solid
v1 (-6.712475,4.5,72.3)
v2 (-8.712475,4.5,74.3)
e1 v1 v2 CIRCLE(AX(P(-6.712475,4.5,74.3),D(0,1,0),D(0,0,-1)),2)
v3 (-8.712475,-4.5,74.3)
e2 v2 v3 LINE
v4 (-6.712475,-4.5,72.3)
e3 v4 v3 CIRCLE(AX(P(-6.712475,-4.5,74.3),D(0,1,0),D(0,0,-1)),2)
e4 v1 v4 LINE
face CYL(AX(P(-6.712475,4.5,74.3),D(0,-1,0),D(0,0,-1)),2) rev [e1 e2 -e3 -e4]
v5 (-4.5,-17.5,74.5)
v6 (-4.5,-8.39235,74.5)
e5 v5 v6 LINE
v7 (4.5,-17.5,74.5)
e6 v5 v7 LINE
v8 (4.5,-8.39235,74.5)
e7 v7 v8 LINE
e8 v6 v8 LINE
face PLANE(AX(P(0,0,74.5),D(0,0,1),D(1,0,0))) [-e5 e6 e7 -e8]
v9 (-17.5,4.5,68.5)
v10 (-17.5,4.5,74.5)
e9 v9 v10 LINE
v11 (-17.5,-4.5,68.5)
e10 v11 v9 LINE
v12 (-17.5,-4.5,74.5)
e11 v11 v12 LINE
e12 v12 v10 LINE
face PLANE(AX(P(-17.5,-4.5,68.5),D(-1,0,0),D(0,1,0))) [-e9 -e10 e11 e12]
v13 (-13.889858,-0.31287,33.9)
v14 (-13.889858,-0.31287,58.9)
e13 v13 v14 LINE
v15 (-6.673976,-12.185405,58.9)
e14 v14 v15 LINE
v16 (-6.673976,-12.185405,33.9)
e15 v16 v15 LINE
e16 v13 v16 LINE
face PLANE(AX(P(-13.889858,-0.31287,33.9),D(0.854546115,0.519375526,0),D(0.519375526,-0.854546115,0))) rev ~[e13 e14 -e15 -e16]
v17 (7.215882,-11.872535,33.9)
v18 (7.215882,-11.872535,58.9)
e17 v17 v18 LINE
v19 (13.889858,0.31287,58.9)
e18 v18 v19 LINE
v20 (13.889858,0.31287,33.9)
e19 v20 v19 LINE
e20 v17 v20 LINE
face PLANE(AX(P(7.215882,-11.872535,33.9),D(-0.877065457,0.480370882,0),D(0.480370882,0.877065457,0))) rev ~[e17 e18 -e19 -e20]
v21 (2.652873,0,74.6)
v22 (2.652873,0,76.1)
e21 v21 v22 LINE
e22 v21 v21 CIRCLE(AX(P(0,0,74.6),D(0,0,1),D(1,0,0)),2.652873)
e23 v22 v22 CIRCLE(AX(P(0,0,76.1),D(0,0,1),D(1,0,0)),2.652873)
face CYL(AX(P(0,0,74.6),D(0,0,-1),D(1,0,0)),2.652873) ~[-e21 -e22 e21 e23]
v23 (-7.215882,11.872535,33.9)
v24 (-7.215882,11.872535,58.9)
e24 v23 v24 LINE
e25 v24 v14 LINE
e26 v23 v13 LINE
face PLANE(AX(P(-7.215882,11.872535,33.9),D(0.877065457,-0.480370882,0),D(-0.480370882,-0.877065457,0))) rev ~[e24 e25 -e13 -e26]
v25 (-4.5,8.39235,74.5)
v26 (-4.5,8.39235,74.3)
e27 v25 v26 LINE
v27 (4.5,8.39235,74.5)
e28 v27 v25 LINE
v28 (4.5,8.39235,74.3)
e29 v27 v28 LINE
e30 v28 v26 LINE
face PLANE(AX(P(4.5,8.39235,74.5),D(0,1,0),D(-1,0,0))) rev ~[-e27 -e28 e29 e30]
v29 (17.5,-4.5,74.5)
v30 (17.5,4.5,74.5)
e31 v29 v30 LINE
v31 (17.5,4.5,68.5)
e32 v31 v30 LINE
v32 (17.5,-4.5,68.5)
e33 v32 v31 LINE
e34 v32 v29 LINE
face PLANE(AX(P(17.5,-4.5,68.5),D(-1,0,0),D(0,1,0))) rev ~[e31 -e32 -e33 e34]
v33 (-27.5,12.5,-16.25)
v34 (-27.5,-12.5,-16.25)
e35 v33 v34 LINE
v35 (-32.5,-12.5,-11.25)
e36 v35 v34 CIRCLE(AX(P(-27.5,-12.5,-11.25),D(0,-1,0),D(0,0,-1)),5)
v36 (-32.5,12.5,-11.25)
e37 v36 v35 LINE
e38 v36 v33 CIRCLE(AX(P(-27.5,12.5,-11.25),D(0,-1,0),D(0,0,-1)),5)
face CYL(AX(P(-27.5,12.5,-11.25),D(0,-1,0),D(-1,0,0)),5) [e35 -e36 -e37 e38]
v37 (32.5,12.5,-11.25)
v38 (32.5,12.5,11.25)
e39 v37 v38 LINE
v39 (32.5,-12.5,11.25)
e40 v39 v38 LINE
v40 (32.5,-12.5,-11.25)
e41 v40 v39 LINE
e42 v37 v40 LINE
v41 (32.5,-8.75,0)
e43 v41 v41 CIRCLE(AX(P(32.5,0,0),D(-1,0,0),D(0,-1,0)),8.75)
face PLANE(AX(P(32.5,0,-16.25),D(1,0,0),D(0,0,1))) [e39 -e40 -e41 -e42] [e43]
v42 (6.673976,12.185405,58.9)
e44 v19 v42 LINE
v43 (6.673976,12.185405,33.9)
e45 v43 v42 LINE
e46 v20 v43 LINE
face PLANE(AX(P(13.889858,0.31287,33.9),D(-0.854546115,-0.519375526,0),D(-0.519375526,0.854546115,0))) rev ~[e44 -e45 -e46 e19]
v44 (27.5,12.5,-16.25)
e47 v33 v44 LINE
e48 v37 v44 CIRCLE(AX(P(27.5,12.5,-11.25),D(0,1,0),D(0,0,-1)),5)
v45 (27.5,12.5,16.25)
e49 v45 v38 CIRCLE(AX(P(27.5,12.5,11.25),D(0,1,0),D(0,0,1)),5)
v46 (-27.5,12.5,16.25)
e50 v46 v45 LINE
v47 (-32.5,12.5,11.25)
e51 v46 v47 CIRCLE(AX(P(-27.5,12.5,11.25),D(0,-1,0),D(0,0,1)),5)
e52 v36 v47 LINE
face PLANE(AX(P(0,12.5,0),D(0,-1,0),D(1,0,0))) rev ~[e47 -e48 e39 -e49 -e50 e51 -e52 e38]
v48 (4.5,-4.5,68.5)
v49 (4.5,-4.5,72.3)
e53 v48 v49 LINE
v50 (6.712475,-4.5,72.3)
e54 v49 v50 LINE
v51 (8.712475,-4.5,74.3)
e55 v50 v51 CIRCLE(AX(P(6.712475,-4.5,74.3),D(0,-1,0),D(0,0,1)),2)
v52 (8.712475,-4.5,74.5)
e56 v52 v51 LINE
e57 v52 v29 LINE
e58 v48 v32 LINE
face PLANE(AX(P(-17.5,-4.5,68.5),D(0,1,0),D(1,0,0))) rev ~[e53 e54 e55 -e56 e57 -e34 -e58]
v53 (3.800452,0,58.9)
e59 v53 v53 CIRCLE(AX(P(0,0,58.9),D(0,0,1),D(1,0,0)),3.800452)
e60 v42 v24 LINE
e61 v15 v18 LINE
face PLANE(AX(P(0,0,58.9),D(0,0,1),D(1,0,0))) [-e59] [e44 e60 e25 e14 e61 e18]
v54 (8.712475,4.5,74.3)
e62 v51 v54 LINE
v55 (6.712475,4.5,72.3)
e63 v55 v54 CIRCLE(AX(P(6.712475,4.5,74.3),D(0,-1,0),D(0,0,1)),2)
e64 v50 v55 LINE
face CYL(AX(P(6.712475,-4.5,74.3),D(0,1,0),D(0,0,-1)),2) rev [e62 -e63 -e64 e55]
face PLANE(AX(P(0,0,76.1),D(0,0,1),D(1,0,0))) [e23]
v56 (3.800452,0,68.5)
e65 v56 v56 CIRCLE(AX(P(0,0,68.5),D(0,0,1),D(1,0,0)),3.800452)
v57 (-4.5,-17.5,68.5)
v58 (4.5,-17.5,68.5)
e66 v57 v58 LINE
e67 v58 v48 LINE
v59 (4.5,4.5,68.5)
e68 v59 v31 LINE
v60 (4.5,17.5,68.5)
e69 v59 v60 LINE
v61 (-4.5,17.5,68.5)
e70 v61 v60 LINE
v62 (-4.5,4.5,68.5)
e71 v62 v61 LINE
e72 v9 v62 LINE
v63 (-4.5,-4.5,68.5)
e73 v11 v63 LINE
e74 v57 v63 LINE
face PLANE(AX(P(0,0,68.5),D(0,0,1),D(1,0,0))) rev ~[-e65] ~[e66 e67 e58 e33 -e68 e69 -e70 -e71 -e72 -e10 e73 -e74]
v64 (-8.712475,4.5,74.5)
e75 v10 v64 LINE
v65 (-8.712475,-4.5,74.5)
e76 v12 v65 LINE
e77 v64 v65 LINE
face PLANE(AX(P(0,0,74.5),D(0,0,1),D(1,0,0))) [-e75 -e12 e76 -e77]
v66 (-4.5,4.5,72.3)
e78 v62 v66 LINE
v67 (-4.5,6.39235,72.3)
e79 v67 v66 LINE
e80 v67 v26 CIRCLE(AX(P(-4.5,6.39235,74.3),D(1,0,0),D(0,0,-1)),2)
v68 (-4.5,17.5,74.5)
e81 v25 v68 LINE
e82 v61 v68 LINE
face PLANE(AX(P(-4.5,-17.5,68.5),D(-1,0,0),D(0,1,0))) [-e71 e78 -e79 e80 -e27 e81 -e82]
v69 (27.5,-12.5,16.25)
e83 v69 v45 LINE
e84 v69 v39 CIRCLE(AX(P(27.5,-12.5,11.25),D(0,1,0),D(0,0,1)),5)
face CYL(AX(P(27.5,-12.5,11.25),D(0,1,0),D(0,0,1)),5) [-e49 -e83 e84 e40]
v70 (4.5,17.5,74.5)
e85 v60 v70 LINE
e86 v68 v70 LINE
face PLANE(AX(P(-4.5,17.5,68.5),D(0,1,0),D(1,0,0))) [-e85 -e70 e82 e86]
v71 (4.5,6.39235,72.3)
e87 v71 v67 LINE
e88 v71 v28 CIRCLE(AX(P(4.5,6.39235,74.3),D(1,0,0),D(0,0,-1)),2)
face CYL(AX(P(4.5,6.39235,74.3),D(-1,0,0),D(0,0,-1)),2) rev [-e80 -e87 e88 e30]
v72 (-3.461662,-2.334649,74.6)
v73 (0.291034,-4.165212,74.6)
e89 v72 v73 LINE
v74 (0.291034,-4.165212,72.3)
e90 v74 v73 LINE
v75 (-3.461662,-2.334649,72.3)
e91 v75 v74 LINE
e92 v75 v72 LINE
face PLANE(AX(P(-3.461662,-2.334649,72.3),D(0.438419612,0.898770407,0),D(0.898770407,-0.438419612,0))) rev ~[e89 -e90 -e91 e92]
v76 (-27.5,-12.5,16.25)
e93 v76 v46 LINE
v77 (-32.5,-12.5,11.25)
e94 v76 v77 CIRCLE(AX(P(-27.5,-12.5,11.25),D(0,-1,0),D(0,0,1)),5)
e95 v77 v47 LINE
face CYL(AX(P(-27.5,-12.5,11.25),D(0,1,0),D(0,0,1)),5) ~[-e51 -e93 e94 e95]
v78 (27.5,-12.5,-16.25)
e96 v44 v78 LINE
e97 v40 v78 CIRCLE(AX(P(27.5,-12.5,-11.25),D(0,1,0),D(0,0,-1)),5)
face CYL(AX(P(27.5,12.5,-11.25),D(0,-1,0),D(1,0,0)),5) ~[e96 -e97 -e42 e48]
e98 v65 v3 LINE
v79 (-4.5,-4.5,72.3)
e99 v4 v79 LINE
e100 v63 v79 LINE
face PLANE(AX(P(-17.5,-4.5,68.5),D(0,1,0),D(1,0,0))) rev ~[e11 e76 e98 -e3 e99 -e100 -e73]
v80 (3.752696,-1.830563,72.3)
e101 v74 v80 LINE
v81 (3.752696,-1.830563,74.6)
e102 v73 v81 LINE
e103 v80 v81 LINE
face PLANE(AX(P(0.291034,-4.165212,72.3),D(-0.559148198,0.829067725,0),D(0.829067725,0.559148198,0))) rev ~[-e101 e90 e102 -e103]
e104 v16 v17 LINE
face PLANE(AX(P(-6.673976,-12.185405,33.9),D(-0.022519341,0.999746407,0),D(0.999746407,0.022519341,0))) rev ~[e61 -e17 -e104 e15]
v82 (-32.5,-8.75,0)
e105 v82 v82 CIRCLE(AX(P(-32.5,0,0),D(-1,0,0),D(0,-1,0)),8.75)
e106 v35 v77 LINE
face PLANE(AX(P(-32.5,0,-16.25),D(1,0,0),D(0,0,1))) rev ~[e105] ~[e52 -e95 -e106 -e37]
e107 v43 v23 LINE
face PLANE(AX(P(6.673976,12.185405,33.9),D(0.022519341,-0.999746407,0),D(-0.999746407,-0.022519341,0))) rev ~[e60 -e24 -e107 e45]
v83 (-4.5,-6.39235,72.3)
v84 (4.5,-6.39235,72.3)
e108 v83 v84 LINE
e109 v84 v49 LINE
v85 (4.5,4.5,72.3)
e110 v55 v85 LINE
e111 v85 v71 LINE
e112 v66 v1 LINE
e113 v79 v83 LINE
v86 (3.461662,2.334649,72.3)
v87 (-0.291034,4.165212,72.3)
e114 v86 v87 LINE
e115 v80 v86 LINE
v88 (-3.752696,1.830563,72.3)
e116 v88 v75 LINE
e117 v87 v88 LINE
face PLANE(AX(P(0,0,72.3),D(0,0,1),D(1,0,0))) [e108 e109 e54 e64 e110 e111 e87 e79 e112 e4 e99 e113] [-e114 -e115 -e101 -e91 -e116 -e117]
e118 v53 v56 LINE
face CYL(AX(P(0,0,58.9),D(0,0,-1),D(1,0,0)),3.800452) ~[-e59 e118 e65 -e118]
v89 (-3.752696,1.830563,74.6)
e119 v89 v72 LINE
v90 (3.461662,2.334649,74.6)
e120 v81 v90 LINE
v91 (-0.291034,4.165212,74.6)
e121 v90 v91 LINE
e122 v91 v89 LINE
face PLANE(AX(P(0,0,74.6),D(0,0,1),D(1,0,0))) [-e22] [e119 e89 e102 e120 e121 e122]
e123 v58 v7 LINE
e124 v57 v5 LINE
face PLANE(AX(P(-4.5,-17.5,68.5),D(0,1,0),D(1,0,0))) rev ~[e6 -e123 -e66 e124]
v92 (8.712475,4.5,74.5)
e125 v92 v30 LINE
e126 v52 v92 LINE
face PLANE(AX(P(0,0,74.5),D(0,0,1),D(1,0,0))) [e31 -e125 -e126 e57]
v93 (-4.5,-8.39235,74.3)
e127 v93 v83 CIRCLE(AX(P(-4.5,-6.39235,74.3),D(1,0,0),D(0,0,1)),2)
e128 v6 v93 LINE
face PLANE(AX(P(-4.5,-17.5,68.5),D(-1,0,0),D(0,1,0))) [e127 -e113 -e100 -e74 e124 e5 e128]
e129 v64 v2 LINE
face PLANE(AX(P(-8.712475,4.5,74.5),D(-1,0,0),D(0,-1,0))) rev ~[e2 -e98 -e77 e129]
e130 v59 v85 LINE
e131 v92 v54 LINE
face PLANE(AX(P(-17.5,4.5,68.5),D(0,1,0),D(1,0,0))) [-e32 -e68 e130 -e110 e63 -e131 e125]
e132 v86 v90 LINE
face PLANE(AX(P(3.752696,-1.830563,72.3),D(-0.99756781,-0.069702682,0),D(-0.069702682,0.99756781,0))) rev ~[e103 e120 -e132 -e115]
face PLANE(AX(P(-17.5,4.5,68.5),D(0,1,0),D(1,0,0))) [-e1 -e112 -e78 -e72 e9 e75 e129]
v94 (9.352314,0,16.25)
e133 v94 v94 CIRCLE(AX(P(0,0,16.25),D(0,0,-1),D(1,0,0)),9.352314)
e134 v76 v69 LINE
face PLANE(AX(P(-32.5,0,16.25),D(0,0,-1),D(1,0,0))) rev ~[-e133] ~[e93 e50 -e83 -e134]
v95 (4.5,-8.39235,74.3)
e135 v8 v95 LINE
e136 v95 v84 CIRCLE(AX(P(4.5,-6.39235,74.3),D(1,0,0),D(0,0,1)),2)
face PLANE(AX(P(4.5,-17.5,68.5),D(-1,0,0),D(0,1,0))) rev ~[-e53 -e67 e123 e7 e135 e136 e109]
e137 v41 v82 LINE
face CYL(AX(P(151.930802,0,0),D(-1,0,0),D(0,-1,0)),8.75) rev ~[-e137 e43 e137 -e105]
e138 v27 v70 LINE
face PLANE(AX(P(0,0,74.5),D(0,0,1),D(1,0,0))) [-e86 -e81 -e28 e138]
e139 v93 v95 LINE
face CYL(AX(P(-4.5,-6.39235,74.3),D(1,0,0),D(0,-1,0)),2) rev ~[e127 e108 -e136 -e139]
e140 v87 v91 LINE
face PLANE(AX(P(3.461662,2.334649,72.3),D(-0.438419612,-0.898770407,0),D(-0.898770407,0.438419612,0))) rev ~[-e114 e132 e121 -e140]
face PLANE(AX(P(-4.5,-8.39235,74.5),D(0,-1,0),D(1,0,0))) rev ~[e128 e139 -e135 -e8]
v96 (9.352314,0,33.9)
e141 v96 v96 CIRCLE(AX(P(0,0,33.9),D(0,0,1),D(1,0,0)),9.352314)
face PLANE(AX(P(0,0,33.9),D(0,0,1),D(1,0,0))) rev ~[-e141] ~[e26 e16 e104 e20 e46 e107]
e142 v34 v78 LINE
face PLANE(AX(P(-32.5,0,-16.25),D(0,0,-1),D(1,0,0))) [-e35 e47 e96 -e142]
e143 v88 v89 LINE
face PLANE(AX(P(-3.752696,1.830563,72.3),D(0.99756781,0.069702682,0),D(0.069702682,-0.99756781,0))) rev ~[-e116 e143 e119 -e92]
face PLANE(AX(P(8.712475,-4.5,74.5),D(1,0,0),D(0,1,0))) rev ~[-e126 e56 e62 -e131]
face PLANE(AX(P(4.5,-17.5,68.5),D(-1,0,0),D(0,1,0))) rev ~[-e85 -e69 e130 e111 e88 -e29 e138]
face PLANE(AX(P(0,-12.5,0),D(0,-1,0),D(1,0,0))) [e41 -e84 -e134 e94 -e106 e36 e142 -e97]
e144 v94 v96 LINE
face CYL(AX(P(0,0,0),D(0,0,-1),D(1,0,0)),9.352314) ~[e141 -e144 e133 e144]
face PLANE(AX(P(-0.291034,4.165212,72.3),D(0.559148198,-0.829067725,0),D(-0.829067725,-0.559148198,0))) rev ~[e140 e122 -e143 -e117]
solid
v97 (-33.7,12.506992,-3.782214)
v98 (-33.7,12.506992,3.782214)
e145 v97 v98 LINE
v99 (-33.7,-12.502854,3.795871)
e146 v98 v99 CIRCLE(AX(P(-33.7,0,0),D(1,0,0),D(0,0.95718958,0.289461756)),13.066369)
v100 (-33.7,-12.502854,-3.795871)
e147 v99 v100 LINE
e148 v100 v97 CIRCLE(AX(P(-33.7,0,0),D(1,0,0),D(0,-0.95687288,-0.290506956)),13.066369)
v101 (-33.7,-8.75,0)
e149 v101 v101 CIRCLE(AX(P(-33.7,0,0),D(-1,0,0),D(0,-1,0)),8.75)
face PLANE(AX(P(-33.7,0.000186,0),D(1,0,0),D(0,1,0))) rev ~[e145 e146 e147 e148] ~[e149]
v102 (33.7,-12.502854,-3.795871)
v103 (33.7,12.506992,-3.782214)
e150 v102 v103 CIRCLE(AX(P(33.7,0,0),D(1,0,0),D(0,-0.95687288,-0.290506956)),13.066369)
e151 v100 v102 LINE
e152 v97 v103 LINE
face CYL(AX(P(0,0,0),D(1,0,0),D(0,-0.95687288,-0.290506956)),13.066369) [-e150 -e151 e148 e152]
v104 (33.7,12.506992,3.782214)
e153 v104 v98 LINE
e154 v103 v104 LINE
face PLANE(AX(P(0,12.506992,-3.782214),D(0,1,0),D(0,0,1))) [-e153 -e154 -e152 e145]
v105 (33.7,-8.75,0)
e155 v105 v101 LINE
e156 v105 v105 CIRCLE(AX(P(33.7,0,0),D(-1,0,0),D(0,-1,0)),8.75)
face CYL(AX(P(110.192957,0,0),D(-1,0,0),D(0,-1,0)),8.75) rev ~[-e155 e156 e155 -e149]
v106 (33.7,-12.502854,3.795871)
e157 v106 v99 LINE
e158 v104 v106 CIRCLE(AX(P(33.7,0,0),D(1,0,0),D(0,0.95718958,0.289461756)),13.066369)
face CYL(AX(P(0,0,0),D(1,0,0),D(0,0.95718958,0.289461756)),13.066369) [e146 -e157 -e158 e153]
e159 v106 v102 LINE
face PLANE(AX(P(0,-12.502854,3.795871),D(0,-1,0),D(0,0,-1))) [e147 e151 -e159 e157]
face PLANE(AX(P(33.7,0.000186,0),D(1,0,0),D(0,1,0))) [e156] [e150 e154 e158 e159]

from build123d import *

# Parameters (mm, degrees)
F0_W      = 65
F0_H      = 32.5
F1_DEPTH  = 12.5
F2_R      = 9.3523138159
F3_DEPTH  = 33.9
F4_R      = 5
F6_DEPTH  = 25
F7_R      = 3.8004519978
F8_DEPTH  = 9.6
F10_W     = 35
F10_H     = 9
F10_R     = 3.8004519978
F11_DEPTH = 6
F9_W      = 9
F9_H      = 35
F9_R      = 3.8004519978
F12_DEPTH = 6
F13_R     = 3.8004519978
F14_DEPTH = 15.4
F16_DEPTH = 2.2
F17_R     = 2
F19_DEPTH = 2.3
F20_R     = 2.6528725425
F21_DEPTH = 1.5
F23_DEPTH = 33.7
F25_D     = 17.5
F25_2_D   = 17.5


with BuildPart() as f1:
    # F0 (on Front) → F1 (new body, symmetric)
    with BuildSketch(Plane.XZ):
        Rectangle(F0_W, F0_H)
    extrude(amount=F1_DEPTH, both=True)

    # F2 (on Top) → F3 (join)
    with BuildSketch(Plane.XY):
        Circle(F2_R)
    extrude(amount=F3_DEPTH)

    # F4
    f4_edges = [f1.edges().sort_by_distance(p)[0] for p in [
        (-32.5, 0, 16.25),
        (-32.5, 0, -16.25),
        (32.5, 0, 16.25),
        (32.5, 0, -16.25),
    ]]
    fillet(f4_edges, radius=F4_R)

    # F5 (on face) → F6 (join)
    with BuildSketch(Plane.XY.offset(33.9)):
        Polygon((-7.2158822013, 11.872535), (-13.8898580181, -0.312869797), (-6.6739758167, -12.1854047971), (7.2158822013, -11.872535), (13.8898580181, 0.312869797), (6.6739758167, 12.1854047971), align=None)
    extrude(amount=F6_DEPTH)

    # F7 (on face) → F8 (join)
    with BuildSketch(Plane.XY.offset(58.9)):
        Circle(F7_R)
    extrude(amount=F8_DEPTH)



with BuildPart() as f11:
    # F10 (on face) → F11 (new body)
    with BuildSketch(Plane.XY.offset(68.5)):
        Rectangle(F10_W, F10_H)
        Circle(F10_R, mode=Mode.SUBTRACT)
    extrude(amount=F11_DEPTH)


with BuildPart() as f1_1:
    add(f1.part)

    add(f11.part)  # F12 merges F11
    # F9 (on face) → F12 (join)
    with BuildSketch(Plane.XY.offset(68.5)):
        Rectangle(F9_W, F9_H)
        Circle(F9_R, mode=Mode.SUBTRACT)
    extrude(amount=F12_DEPTH)

    # F13 (on face) → F14 (join)
    with BuildSketch(Plane.XY.offset(74.5)):
        Circle(F13_R)
    extrude(amount=-F14_DEPTH)

    # F15 (on face) → F16 (cut)
    with BuildSketch(Plane.XY.offset(74.5)):
        Polygon((-4.5, -8.3923498169), (4.5, -8.3923498169), (4.5, -4.5), (8.7124751881, -4.5), (8.7124751881, 4.5), (4.5, 4.5), (4.5, 8.3923498169), (-4.5, 8.3923498169), (-4.5, 4.5), (-8.7124751881, 4.5), (-8.7124751881, -4.5), (-4.5, -4.5), align=None)
    extrude(amount=-F16_DEPTH, mode=Mode.SUBTRACT)

    # F17
    f17_edges = [f1_1.edges().sort_by_distance(p)[0] for p in [
        (8.712475, 0, 72.3),
        (0, 8.39235, 72.3),
        (-8.712475, 0, 72.3),
        (0, -8.39235, 72.3),
    ]]
    fillet(f17_edges, radius=F17_R)

    # F18 (on face) → F19 (join)
    with BuildSketch(Plane.XY.offset(72.3)):
        Polygon((-3.4616619036, -2.3346488586), (0.2910342686, -4.1652115771), (3.7526961723, -1.8305627186), (3.4616619036, 2.3346488586), (-0.2910342686, 4.1652115771), (-3.7526961723, 1.8305627186), align=None)
    extrude(amount=F19_DEPTH)

    # F20 (on face) → F21 (join)
    with BuildSketch(Plane.XY.offset(74.6)):
        Circle(F20_R)
    extrude(amount=F21_DEPTH)

    # F25 (through all)
    with Locations(Plane.YZ.offset(33.7)):
        with Locations((0, 0)):
            Hole(F25_D / 2)


with BuildPart() as f23:
    # F22 (on Right) → F23 (new body, symmetric)
    with BuildSketch(Plane.YZ):
        with BuildLine():
            Line((-12.5028542199, 3.7958711109), (-12.5028542199, -3.7958711109))
            ThreePointArc((-12.5028542199, -3.7958711109), (0.0071350706, -13.0663671395), (12.5069923382, -3.782214138))
            Line((12.5069923382, -3.782214138), (12.5069923382, 3.782214138))
            ThreePointArc((12.5069923382, 3.782214138), (0.0071350706, 13.0663671395), (-12.5028542199, 3.7958711109))
        make_face()
    extrude(amount=F23_DEPTH, both=True)

    # F25#2 (through all)
    with Locations(Plane.YZ.offset(33.7)):
        with Locations((0, 0)):
            Hole(F25_2_D / 2)


solid = Compound([f1_1.part, f23.part])
